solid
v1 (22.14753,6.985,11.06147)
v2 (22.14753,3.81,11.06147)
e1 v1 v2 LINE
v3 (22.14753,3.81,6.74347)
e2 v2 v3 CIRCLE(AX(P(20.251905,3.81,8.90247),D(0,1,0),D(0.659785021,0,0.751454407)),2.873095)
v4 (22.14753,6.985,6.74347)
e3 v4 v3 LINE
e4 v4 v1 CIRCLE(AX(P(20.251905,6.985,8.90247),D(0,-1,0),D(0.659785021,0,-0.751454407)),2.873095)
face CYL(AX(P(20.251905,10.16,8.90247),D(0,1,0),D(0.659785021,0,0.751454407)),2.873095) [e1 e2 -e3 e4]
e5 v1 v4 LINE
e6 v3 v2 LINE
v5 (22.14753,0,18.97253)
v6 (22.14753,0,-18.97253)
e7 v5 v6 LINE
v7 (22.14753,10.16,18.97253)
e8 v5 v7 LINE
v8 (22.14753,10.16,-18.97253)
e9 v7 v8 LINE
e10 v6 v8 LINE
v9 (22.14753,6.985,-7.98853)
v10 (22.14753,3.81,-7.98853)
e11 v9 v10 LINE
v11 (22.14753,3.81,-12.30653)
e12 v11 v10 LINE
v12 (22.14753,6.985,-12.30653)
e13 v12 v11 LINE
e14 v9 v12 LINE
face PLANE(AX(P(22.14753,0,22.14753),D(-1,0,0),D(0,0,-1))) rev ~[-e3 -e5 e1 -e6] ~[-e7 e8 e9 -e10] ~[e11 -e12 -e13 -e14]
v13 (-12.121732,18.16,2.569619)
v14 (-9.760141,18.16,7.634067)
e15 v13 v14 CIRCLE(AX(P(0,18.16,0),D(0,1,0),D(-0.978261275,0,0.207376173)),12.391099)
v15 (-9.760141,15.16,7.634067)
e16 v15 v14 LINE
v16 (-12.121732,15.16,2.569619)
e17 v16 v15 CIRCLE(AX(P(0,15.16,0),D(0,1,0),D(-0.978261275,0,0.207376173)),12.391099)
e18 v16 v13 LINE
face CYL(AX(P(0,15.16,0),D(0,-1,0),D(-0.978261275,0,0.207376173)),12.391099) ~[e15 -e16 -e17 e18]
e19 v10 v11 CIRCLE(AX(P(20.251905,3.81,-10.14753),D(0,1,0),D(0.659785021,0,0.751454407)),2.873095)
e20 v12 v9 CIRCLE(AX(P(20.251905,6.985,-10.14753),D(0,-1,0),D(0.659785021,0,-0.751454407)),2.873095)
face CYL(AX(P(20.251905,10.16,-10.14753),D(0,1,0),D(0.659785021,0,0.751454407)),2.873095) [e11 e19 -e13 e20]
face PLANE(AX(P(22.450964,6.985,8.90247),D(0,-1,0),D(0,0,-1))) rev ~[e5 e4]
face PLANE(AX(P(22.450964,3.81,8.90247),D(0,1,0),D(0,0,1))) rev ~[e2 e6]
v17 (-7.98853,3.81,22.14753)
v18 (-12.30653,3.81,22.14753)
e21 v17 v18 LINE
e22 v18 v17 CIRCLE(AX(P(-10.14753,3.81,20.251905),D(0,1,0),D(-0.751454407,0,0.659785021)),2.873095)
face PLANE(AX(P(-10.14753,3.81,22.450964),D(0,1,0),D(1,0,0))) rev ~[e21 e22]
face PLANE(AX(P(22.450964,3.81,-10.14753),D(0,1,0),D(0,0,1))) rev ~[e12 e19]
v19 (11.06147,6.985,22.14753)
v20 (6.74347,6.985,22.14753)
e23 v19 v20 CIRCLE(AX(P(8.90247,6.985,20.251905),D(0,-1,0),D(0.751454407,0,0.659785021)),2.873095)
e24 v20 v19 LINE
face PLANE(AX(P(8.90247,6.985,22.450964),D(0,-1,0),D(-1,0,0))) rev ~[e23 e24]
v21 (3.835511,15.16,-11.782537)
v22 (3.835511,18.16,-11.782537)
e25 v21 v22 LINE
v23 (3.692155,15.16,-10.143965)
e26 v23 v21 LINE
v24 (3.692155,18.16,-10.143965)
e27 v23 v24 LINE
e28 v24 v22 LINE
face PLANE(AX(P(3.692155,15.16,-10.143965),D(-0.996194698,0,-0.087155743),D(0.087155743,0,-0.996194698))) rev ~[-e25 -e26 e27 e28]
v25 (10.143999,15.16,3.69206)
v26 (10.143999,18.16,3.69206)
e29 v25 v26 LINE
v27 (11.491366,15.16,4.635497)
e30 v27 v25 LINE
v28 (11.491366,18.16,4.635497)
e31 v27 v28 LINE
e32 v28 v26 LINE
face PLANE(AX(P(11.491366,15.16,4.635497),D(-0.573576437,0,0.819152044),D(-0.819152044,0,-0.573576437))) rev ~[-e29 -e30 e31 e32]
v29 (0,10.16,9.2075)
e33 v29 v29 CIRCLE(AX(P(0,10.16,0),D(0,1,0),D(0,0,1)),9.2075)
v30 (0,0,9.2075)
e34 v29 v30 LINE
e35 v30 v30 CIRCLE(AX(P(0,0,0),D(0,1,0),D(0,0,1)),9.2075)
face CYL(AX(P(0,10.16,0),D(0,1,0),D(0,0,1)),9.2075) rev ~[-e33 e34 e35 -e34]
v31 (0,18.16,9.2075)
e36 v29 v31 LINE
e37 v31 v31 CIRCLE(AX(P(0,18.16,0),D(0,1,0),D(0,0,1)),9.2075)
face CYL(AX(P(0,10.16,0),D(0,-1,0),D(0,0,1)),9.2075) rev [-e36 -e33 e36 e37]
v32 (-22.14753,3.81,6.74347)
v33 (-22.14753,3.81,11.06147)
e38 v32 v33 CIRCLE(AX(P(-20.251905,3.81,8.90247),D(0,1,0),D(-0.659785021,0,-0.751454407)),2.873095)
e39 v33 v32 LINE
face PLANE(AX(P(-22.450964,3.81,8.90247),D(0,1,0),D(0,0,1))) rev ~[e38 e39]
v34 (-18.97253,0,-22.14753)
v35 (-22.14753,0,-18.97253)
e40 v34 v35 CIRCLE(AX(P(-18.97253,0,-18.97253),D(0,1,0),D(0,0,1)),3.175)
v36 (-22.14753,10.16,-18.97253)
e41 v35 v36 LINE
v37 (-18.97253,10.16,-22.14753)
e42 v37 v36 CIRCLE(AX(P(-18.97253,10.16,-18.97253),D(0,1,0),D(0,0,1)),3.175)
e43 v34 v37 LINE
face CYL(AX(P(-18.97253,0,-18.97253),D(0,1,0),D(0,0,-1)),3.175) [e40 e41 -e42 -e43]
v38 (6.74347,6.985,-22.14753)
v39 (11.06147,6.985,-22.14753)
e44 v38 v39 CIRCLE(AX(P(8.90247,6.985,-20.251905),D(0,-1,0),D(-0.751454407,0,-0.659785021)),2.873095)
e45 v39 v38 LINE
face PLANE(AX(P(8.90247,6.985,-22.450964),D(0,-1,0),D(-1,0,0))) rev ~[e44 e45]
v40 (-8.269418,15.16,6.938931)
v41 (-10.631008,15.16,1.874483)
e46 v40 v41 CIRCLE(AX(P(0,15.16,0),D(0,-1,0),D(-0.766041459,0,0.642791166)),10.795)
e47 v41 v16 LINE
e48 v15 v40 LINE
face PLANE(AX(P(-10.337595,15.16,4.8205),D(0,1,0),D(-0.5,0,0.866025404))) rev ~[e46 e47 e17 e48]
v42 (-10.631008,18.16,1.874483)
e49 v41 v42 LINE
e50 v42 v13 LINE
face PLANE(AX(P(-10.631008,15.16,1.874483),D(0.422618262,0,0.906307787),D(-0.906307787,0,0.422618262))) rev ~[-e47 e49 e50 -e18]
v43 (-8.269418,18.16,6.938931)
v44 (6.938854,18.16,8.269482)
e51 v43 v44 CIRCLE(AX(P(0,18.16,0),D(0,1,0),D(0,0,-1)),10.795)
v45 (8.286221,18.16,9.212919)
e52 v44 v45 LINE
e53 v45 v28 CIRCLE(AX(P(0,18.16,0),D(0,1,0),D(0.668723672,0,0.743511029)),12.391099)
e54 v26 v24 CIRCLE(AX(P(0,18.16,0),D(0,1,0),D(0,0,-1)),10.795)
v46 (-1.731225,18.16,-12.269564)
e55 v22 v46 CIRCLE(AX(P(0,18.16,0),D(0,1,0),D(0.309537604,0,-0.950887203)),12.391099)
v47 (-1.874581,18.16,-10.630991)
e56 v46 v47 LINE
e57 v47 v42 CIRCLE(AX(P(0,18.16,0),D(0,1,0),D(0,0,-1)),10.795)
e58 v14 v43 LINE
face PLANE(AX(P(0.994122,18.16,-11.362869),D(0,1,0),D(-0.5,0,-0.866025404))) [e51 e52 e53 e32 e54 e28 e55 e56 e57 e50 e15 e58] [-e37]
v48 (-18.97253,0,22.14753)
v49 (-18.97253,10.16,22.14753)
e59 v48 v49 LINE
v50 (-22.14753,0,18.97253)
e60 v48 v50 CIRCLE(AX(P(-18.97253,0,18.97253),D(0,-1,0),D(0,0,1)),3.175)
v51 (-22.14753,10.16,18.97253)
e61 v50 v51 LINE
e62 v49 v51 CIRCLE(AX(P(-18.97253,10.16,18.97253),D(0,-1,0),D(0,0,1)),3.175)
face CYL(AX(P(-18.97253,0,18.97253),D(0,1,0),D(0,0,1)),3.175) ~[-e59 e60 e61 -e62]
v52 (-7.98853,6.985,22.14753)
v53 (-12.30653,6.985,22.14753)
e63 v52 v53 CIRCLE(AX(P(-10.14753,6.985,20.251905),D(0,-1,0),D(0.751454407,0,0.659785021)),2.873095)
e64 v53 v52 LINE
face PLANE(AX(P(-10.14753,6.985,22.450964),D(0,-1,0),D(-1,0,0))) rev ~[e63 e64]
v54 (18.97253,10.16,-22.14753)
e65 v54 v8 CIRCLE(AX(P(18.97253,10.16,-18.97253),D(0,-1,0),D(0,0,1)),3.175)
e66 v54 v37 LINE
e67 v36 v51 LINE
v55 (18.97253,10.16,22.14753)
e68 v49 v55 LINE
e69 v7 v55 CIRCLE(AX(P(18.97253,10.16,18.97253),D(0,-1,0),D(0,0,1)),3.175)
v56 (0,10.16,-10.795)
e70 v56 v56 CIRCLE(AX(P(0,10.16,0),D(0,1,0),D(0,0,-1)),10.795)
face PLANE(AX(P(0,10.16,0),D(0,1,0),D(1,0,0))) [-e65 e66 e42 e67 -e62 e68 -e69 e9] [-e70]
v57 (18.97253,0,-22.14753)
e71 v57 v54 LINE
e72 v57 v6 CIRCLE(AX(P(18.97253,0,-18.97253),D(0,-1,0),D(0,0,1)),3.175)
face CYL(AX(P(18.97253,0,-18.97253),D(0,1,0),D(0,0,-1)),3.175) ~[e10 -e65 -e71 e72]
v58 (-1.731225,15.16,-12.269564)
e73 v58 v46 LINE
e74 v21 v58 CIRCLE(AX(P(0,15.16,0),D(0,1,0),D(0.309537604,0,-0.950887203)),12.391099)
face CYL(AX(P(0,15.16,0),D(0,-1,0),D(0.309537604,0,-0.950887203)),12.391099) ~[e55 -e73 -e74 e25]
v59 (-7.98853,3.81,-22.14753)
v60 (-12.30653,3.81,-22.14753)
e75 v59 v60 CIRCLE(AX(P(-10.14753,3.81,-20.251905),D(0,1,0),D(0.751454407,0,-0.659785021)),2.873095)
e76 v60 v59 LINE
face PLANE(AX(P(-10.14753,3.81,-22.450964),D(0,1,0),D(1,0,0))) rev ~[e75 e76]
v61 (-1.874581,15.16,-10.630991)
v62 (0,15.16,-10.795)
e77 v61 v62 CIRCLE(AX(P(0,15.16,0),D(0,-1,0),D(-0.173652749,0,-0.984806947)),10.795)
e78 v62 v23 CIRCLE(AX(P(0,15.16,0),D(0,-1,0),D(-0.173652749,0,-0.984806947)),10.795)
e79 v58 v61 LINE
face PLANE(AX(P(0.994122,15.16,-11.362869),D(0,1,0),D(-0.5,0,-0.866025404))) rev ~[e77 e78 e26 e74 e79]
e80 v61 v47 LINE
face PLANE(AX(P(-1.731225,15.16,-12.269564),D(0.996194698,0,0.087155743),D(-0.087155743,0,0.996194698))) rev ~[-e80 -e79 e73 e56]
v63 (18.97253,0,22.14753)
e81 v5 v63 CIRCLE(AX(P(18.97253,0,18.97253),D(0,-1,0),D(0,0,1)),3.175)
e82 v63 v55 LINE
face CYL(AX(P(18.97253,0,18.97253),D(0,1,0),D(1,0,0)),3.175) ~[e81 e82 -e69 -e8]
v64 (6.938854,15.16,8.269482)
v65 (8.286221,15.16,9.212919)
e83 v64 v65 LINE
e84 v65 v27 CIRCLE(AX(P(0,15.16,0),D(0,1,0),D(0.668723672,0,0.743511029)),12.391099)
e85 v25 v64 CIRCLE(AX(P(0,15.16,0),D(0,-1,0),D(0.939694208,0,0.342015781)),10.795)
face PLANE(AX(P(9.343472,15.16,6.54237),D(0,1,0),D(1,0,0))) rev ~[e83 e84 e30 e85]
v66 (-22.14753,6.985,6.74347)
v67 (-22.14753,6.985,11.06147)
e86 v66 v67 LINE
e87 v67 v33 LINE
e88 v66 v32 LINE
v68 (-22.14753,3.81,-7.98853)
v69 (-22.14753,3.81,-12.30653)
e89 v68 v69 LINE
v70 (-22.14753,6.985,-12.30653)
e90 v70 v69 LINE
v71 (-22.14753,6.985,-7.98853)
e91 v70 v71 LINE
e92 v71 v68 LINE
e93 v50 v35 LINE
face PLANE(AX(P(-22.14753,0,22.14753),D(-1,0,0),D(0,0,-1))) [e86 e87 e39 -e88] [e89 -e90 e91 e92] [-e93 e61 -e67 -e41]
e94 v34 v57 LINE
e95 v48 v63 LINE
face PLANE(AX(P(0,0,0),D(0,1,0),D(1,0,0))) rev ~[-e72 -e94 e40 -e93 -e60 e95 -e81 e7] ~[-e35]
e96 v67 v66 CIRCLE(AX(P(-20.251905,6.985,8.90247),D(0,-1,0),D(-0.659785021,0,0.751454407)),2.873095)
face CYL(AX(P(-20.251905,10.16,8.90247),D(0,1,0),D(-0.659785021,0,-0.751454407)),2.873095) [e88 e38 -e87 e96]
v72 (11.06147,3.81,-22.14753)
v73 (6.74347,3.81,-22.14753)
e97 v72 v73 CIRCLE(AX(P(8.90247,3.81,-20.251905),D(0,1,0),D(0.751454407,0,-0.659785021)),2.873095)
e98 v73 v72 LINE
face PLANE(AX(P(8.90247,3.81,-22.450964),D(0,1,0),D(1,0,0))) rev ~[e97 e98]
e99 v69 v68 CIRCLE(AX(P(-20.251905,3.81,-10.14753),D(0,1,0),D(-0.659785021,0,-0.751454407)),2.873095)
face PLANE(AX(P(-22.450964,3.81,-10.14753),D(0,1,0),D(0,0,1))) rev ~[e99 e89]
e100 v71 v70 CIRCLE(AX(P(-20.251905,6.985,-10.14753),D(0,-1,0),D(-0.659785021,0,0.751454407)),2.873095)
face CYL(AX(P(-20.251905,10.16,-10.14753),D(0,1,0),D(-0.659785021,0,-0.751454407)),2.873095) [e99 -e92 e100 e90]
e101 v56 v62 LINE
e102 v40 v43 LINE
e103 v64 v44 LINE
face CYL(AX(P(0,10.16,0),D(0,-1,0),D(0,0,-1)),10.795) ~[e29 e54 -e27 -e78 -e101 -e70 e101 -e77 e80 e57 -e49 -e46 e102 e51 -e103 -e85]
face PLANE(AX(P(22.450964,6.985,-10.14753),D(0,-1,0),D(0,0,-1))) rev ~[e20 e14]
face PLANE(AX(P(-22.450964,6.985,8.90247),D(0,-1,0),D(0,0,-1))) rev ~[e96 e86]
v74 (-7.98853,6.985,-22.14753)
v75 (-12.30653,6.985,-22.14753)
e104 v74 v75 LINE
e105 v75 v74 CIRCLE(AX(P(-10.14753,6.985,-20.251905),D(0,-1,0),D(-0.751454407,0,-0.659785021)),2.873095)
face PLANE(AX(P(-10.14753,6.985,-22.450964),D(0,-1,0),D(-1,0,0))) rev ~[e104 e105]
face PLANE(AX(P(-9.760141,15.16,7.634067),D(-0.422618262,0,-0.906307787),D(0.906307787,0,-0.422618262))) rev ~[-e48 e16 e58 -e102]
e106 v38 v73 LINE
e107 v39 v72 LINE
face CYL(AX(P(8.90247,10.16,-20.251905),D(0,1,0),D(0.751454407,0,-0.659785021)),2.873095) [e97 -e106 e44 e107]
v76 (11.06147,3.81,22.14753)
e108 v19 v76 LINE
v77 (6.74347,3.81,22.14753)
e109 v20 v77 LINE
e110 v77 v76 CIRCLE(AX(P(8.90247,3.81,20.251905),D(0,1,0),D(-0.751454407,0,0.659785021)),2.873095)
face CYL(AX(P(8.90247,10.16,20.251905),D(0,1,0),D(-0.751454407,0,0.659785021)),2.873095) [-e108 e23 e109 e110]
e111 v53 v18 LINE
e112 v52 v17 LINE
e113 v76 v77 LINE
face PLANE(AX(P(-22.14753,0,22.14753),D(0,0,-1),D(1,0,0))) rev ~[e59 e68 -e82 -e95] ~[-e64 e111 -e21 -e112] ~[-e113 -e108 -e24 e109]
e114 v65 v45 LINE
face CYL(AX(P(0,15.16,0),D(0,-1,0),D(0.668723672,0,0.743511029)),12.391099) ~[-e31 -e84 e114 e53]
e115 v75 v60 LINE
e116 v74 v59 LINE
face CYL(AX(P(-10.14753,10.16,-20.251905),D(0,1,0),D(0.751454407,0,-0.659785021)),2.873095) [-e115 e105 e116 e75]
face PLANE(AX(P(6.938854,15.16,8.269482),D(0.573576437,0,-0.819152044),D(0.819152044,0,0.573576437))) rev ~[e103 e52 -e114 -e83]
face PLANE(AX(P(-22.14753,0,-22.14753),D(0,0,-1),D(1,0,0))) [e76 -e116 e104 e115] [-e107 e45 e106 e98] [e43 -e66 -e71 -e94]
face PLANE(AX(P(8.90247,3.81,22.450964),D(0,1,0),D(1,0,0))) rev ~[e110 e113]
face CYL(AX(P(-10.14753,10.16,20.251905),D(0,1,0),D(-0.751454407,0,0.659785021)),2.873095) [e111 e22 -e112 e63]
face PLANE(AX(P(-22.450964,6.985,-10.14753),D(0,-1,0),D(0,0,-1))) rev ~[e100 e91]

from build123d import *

# Parameters (mm, degrees)
SKETCH1_W                = 44.29506
SKETCH1_H                = 44.29506
BOSS_EXTRUDE1_DEPTH      = 10.16
SKETCH2_R                = 10.795
SKETCH2_R_2              = 9.2075
BOSS_EXTRUDE2_DEPTH      = 8
BOSS_EXTRUDE3_START      = -3
BOSS_EXTRUDE3_DEPTH      = 3
CIRPATTERN1_COUNT        = 3
BOSS_EXTRUDE4_DEPTH      = 6.35
CUT_EXTRUDE1_DEPTH       = 3.175
LPATTERN1_COUNT          = 2
LPATTERN1_PITCH          = 19.05
FILLET1_R                = 3.175
CIRPATTERN2_COUNT        = 2
CIRPATTERN2_ANGLE        = 90
CIRPATTERN2_COPY_1_DEPTH = 6.35
CIRPATTERN2_COPY_2_DEPTH = 3.175
SKETCH13_R               = 9.2075
CUT_EXTRUDE2_DEPTH       = 35.245537666


with BuildPart() as part:
    # Sketch1 → Boss-Extrude1 (new body)
    with BuildSketch(Plane(origin=(0, 0, 0), x_dir=(1, 0, 0), z_dir=(0, 1, 0))):
        Rectangle(SKETCH1_W, SKETCH1_H)
    extrude(amount=BOSS_EXTRUDE1_DEPTH)

    # Sketch2 → Boss-Extrude2 (add)
    with BuildSketch(Plane(origin=(0, 10.16, 0), x_dir=(1, 0, 0), z_dir=(0, 1, 0))):
        with Locations(Location((0, 0, 0), (0, 0, 90))):
            Circle(SKETCH2_R)
        with Locations(Location((0, 0, 0), (0, 0, 270))):
            Circle(SKETCH2_R_2, mode=Mode.SUBTRACT)
    extrude(amount=BOSS_EXTRUDE2_DEPTH)

    # Sketch5 → Boss-Extrude3 (add)
    with BuildSketch(Plane(origin=(0, 18.16, 0), x_dir=(1, 0, 0), z_dir=(0, 1, 0)).offset(BOSS_EXTRUDE3_START)):
        with BuildLine():
            ThreePointArc((10.143998982, -3.692060354), (8.842746318, -6.19175763), (6.938853856, -8.269481977))
            Line((6.938853856, -8.269481977), (8.286221198, -9.212918747))
            ThreePointArc((8.286221198, -9.212918747), (10.150194049, -7.107242387), (11.491366324, -4.635497124))
            Line((11.491366324, -4.635497124), (10.143998982, -3.692060354))
        make_face()
    boss_extrude3 = extrude(amount=BOSS_EXTRUDE3_DEPTH)

    # CirPattern1: Boss-Extrude3 ×3 about axis
    cirpattern1_axis = Axis((0, 0, 0), (0, 1, 0))
    for i in range(1, CIRPATTERN1_COUNT):
        add(boss_extrude3.rotate(cirpattern1_axis, i * 360 / CIRPATTERN1_COUNT))

    # Sketch6 → Boss-Extrude4 (add)
    with BuildSketch(Plane(origin=(0, 10.16, 0), x_dir=(1, 0, 0), z_dir=(0, 1, 0))):
        with BuildLine():
            Line((-12.30653, 22.14753), (-7.98853, 22.14753))
            ThreePointArc((-7.98853, 22.14753), (-10.14753, 23.125), (-12.30653, 22.14753))
        make_face()
        with BuildLine():
            Line((-7.98853, -22.14753), (-12.30653, -22.14753))
            ThreePointArc((-12.30653, -22.14753), (-10.14753, -23.125), (-7.98853, -22.14753))
        make_face()
    boss_extrude4 = extrude(amount=-BOSS_EXTRUDE4_DEPTH)

    # Sketch7 → Cut-Extrude1 (cut)
    with BuildSketch(Plane(origin=(0, 10.16, 0), x_dir=(1, 0, 0), z_dir=(0, 1, 0))):
        with BuildLine():
            Line((-7.98853, 22.14753), (-12.30653, 22.14753))
            ThreePointArc((-12.30653, 22.14753), (-10.14753, 23.125), (-7.98853, 22.14753))
        make_face()
        with BuildLine():
            Line((-12.30653, -22.14753), (-7.98853, -22.14753))
            ThreePointArc((-7.98853, -22.14753), (-10.14753, -23.125), (-12.30653, -22.14753))
        make_face()
    cut_extrude1 = extrude(amount=-CUT_EXTRUDE1_DEPTH, mode=Mode.SUBTRACT)

    # LPattern1: Boss-Extrude4, Cut-Extrude1 ×2
    with Locations(*[(i * LPATTERN1_PITCH, 0, 0) for i in range(1, LPATTERN1_COUNT)]):
        add(boss_extrude4)
        add(cut_extrude1, mode=Mode.SUBTRACT)

    # Fillet1
    fillet1_edges = [part.edges().sort_by_distance(p)[0] for p in [
        (22.14753, 5.08, 22.14753),
        (-22.14753, 5.08, 22.14753),
        (-22.14753, 5.08, -22.14753),
        (22.14753, 5.08, -22.14753),
    ]]
    fillet(fillet1_edges, radius=FILLET1_R)

    # CirPattern2: Boss-Extrude4, Cut-Extrude1 ×2 about axis
    cirpattern2_axis = Axis((0, 0, 0), (0, -1, 0))
    add([boss_extrude4.rotate(cirpattern2_axis, i * CIRPATTERN2_ANGLE / (CIRPATTERN2_COUNT - 1)) for i in range(1, CIRPATTERN2_COUNT)])
    add([cut_extrude1.rotate(cirpattern2_axis, i * CIRPATTERN2_ANGLE / (CIRPATTERN2_COUNT - 1)) for i in range(1, CIRPATTERN2_COUNT)], mode=Mode.SUBTRACT)

    # CirPattern2 copy 1 sketch → CirPattern2 copy 1 (add)
    with BuildSketch(Plane(origin=(0, 10.16, 19.05), x_dir=(0, 0, 1), z_dir=(0, 1, 0))):
        with BuildLine():
            Line((-12.30653, 22.14753), (-7.98853, 22.14753))
            ThreePointArc((-7.98853, 22.14753), (-10.14753, 23.125), (-12.30653, 22.14753))
        make_face()
        with BuildLine():
            Line((-7.98853, -22.14753), (-12.30653, -22.14753))
            ThreePointArc((-12.30653, -22.14753), (-10.14753, -23.125), (-7.98853, -22.14753))
        make_face()
    extrude(amount=-CIRPATTERN2_COPY_1_DEPTH)

    # CirPattern2 copy 2 sketch → CirPattern2 copy 2 (cut)
    with BuildSketch(Plane(origin=(0, 10.16, 19.05), x_dir=(0, 0, 1), z_dir=(0, 1, 0))):
        with BuildLine():
            Line((-7.98853, 22.14753), (-12.30653, 22.14753))
            ThreePointArc((-12.30653, 22.14753), (-10.14753, 23.125), (-7.98853, 22.14753))
        make_face()
        with BuildLine():
            Line((-12.30653, -22.14753), (-7.98853, -22.14753))
            ThreePointArc((-7.98853, -22.14753), (-10.14753, -23.125), (-12.30653, -22.14753))
        make_face()
    extrude(amount=-CIRPATTERN2_COPY_2_DEPTH, mode=Mode.SUBTRACT)

    # Sketch13 → Cut-Extrude2 (cut, through all)
    with BuildSketch(Plane(origin=(0, 10.16, 0), x_dir=(1, 0, 0), z_dir=(0, 1, 0))):
        with Locations(Location((0, 0, 0), (0, 0, 270))):
            Circle(SKETCH13_R)
    extrude(amount=-CUT_EXTRUDE2_DEPTH, mode=Mode.SUBTRACT)


solid = part.part
